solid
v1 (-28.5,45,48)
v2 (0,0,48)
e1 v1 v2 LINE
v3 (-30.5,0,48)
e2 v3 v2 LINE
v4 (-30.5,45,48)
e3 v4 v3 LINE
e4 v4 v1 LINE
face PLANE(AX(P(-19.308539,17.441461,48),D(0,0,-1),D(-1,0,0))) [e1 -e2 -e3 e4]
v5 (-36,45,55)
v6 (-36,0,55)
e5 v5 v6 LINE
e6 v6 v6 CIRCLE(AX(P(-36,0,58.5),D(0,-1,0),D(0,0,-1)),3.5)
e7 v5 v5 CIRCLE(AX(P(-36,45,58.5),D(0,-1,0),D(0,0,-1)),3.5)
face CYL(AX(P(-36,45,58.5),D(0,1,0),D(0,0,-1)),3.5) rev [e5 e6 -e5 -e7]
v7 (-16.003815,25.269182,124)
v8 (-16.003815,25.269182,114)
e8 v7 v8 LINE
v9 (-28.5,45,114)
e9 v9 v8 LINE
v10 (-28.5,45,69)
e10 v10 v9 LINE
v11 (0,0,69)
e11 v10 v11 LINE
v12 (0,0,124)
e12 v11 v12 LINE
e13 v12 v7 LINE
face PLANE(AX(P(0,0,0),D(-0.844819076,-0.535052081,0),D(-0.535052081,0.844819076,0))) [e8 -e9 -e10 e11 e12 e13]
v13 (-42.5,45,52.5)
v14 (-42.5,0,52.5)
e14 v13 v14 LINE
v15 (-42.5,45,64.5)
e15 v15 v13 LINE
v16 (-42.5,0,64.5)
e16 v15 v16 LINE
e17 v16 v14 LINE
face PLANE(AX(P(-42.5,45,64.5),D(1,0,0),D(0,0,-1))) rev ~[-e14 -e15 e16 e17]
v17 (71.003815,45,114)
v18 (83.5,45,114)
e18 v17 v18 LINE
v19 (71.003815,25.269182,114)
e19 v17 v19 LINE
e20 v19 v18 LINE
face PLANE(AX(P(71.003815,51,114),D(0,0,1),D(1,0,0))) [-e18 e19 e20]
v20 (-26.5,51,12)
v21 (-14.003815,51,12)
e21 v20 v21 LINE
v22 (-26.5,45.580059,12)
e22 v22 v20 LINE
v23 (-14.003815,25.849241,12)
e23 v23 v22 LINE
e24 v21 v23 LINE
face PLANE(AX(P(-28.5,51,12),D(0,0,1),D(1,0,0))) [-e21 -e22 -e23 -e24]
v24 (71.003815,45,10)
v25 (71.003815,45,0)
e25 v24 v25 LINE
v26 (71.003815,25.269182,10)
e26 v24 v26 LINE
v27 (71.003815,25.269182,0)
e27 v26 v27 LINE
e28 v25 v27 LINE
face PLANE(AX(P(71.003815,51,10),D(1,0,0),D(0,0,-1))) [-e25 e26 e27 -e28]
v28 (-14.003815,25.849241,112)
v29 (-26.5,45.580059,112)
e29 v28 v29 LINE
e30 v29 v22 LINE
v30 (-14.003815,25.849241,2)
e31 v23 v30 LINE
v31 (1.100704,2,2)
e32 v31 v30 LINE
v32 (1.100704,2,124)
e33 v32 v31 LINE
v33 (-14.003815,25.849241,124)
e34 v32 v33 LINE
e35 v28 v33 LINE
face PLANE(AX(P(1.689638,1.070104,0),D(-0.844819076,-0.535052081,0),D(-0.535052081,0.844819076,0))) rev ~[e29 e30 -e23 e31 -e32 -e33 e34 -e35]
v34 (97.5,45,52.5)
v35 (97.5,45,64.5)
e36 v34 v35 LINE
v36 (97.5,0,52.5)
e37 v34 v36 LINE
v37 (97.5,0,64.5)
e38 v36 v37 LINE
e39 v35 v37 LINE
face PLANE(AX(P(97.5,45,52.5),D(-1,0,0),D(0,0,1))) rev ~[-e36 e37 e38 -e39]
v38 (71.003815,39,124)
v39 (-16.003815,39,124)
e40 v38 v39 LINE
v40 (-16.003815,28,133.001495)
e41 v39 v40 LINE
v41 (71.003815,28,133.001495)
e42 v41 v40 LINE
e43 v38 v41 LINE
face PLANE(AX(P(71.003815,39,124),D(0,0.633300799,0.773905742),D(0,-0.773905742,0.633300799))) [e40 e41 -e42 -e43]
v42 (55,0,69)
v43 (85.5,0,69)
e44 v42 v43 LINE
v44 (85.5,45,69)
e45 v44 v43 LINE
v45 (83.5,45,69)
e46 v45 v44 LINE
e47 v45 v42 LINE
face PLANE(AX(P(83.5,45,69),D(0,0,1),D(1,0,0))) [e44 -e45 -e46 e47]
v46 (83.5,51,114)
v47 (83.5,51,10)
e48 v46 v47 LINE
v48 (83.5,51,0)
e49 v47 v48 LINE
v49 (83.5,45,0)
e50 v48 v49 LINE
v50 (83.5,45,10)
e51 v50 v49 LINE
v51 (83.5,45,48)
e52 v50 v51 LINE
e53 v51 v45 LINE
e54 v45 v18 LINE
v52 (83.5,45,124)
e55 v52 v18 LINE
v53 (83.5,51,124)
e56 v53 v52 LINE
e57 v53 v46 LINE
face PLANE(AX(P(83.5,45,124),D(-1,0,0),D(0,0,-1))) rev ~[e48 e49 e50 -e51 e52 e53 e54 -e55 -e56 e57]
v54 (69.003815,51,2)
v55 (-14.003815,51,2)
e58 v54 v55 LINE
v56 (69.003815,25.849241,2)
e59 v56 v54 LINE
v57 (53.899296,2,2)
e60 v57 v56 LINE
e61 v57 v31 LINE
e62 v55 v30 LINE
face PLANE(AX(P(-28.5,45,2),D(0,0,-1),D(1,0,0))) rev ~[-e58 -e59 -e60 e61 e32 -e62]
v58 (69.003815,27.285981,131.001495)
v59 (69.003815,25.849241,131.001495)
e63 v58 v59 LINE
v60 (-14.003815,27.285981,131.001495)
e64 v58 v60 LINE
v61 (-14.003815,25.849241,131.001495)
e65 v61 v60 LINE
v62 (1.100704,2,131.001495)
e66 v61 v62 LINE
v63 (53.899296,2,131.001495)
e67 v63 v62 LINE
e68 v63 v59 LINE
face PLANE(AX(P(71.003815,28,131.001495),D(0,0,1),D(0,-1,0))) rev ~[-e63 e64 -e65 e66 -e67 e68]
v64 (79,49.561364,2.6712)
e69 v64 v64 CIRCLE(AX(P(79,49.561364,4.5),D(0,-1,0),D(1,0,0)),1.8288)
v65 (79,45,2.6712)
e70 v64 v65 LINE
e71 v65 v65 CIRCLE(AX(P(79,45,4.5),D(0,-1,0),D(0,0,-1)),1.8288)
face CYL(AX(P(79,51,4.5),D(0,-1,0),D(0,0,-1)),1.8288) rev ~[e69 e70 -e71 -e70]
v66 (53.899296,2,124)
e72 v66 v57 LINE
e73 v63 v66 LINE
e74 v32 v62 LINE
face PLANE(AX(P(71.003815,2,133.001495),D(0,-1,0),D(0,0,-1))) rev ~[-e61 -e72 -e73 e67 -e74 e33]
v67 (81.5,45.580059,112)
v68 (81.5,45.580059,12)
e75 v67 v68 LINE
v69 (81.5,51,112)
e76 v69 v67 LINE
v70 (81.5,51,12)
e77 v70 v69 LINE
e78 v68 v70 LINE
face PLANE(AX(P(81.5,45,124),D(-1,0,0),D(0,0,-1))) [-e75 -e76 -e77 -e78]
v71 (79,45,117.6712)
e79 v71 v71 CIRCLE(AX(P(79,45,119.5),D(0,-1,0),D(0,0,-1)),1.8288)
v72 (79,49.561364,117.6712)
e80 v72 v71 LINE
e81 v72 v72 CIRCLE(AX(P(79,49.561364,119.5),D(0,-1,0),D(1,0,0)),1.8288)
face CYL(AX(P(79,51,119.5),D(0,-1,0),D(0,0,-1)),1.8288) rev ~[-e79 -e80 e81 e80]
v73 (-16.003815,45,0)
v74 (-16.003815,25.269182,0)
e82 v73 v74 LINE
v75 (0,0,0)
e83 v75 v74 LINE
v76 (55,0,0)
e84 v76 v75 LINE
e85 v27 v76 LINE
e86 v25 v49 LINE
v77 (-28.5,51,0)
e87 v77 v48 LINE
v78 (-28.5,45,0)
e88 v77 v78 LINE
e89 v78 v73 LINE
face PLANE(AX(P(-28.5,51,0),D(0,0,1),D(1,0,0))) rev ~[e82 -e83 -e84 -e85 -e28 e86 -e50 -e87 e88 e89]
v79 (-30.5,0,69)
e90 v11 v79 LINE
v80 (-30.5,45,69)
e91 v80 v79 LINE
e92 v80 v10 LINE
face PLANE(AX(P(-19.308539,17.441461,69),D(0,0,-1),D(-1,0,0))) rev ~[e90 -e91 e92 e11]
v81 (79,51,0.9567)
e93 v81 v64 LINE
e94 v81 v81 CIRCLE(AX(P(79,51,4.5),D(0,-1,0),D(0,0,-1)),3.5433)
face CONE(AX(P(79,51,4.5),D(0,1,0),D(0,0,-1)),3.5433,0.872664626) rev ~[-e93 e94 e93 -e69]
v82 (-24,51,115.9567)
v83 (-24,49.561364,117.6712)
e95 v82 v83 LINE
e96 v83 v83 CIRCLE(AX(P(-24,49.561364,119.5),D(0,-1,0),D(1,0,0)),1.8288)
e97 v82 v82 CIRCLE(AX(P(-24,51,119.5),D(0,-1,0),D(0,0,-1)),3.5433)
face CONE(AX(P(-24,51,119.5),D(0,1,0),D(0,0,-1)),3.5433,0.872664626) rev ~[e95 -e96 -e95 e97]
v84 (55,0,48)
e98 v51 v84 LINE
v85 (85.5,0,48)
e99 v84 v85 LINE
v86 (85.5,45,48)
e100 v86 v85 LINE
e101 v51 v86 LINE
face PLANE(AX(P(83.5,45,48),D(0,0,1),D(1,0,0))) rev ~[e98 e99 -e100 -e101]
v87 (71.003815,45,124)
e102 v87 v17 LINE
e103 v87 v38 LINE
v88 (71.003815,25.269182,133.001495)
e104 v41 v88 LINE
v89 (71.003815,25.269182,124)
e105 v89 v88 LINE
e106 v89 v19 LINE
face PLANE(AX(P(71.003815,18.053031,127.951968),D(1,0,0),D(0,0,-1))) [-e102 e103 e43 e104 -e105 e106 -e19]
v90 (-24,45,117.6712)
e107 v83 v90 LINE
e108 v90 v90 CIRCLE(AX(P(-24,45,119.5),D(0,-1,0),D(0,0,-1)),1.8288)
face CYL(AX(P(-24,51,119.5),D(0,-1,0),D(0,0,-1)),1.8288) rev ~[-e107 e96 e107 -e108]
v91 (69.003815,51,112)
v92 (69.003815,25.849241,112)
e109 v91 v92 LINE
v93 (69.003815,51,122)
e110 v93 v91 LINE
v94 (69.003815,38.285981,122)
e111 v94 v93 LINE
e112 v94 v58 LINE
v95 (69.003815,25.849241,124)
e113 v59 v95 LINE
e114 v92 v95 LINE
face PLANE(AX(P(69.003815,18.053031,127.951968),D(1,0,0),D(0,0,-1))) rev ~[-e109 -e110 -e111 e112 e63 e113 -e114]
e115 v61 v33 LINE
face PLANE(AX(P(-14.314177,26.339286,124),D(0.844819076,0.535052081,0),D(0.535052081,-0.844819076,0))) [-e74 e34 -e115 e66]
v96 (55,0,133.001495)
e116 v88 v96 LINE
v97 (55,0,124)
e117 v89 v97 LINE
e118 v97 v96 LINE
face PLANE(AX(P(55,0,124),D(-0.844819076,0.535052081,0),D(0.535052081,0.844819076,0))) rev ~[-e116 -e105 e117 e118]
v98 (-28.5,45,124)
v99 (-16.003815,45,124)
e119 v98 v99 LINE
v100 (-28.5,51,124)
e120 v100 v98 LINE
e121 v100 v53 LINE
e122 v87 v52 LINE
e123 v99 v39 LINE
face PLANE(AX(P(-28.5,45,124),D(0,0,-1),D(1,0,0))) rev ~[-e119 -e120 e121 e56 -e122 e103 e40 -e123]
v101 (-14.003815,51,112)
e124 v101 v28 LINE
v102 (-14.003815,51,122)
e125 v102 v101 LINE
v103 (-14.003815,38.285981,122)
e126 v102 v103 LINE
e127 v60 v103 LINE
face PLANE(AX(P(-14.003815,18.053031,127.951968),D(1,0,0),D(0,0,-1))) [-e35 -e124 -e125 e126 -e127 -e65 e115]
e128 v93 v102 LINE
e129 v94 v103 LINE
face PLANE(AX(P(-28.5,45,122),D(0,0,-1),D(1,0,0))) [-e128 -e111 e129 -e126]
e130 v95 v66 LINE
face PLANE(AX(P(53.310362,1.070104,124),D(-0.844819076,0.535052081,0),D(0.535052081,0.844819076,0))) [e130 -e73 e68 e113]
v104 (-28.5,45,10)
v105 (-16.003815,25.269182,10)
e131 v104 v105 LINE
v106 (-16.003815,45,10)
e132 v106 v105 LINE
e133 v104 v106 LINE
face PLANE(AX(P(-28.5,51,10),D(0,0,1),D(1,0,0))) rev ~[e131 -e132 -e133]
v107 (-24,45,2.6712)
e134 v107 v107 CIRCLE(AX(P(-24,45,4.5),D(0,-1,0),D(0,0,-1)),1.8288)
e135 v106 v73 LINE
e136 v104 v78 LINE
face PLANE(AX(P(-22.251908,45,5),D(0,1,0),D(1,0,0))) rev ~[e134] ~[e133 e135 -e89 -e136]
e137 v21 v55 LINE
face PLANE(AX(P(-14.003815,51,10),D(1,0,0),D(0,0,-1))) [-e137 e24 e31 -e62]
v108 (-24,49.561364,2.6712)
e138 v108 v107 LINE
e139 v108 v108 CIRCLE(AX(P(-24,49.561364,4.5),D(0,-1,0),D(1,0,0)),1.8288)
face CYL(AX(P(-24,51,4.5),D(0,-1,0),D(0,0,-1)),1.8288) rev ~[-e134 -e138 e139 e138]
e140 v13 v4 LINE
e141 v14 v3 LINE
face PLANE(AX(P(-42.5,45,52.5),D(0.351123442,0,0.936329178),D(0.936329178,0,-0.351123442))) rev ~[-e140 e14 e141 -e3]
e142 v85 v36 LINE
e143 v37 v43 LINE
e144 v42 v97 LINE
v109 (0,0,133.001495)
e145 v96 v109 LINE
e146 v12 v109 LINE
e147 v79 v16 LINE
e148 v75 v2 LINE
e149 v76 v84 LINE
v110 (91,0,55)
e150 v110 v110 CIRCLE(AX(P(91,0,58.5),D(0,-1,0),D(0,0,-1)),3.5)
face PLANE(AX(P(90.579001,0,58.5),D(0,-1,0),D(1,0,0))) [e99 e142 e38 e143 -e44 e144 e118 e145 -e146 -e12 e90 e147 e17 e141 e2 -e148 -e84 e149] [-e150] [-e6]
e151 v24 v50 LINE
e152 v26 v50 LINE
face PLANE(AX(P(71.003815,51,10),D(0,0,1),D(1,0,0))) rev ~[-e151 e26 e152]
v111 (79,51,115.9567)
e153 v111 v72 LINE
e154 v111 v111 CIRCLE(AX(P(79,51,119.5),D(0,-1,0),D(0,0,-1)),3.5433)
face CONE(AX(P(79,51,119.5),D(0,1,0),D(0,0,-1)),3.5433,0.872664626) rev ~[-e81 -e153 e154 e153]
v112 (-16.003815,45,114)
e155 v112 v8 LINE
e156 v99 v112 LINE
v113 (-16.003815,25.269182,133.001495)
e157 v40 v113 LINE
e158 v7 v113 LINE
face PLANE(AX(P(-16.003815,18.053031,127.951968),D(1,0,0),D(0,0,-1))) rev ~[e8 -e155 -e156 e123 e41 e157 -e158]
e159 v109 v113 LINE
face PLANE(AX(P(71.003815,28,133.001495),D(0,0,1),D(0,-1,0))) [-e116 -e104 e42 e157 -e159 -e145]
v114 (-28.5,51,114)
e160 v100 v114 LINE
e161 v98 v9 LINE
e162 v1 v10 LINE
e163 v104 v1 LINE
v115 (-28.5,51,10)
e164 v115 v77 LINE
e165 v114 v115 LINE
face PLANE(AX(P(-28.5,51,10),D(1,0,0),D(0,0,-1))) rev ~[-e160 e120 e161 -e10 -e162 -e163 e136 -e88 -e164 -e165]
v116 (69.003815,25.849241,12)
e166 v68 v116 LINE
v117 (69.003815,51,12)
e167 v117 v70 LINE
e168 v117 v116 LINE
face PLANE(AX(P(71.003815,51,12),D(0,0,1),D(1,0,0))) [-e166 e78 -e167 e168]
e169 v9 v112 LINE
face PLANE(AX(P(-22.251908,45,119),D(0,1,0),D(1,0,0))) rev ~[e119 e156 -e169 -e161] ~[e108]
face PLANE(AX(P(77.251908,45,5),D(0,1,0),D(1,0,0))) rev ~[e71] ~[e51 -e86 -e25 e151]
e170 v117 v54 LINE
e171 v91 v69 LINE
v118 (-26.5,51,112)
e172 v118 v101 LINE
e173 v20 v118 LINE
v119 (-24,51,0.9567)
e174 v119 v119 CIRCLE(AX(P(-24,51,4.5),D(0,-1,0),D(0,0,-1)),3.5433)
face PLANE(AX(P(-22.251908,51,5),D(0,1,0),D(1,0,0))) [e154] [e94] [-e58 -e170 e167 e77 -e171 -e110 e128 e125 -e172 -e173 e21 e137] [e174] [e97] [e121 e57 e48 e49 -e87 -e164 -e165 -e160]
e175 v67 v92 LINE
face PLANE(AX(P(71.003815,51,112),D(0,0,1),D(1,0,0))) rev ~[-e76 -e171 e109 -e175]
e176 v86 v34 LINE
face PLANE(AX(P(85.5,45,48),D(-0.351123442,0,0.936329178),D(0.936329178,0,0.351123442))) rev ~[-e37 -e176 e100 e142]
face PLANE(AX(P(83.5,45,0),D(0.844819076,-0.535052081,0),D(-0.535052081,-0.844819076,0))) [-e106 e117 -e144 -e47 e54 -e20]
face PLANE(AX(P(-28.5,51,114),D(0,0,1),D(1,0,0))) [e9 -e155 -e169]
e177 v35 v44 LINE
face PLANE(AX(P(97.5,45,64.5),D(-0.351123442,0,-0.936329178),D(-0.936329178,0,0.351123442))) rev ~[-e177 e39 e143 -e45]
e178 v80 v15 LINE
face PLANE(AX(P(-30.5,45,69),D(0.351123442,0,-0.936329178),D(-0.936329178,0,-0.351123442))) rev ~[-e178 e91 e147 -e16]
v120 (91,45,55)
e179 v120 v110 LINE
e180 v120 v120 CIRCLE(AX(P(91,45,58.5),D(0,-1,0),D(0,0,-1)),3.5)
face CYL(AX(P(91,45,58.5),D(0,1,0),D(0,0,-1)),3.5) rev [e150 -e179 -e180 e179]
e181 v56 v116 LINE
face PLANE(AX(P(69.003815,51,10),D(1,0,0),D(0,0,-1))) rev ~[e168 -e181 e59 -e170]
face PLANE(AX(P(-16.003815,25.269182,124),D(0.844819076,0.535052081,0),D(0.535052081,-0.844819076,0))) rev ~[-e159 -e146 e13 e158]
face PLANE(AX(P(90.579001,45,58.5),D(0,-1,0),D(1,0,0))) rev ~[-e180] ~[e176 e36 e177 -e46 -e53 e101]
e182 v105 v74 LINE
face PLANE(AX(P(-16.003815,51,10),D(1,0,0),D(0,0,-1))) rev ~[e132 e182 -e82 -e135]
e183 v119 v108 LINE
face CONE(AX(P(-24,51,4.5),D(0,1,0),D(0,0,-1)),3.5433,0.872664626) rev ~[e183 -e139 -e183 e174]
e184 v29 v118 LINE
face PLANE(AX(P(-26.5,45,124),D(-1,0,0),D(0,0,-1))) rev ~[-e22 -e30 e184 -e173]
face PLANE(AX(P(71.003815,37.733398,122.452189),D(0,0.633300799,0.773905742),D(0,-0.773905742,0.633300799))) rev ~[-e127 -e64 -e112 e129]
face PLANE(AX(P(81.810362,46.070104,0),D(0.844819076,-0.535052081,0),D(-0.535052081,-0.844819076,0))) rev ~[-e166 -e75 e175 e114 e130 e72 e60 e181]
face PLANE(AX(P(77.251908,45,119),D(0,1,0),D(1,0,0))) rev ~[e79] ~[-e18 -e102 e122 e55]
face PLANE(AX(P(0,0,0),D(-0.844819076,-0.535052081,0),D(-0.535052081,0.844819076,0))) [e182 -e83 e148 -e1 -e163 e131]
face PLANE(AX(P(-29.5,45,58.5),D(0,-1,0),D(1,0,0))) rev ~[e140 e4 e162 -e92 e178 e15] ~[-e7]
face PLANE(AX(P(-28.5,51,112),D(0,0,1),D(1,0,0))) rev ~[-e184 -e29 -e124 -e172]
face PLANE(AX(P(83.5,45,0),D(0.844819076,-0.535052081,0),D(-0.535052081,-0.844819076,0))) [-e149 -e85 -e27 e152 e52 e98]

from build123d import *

# Parameters (mm, degrees)
MAIN_BODY_DEPTH                                   = 124
SKETCH38_W                                        = 112
SKETCH38_H                                        = 124
BOSS_EXTRUDE2_DEPTH                               = 6
SCREW_CUT_REACH                                   = 159.953
SKETCH22_W                                        = 12.496184963
SKETCH22_H                                        = 10
BOX_START                                         = -71.003815
BOX_EXTENSION_DEPTH                               = 87.00763
CUT_EXTRUDE1_DEPTH                                = 158.953315888
INNER_SHELL_T                                     = -2
ANGLE_SUPPORTS_DEPTH                              = 21
SCREW_START                                       = -45
SKETCH9_R                                         = 3.5
SKETCH9_W                                         = 2
SKETCH9_H                                         = 21
SCREW_SUPPORT_DEPTH                               = 45
SKETCH14_W                                        = 12.496184963
SKETCH14_H                                        = 10
BOX_SCREW_SUPPORT_DEPTH                           = 6
CSK_FOR_6_FLAT_HEAD_MACHINE_SCREW_100_D           = 3.6576
CSK_FOR_6_FLAT_HEAD_MACHINE_SCREW_100_CSINK_D     = 7.0866
CSK_FOR_6_FLAT_HEAD_MACHINE_SCREW_100_CSINK_ANGLE = 100
LPATTERN1_COUNT                                   = 2
LPATTERN1_PITCH                                   = 103
LPATTERN1_COUNT_DIR2                              = 2
LPATTERN1_PITCH_DIR2                              = 115


with BuildPart() as part:
    # Front face → Main Body (new body)
    with BuildSketch(Plane.XY):
        Polygon((-28.5, 45), (83.5, 45), (55, 0), (0, 0), align=None)
    extrude(amount=MAIN_BODY_DEPTH)

    # Sketch38 → Boss-Extrude2 (add)
    with BuildSketch(Plane(origin=(0, 45, 0), x_dir=(1, 0, 0), z_dir=(0, 1, 0))):
        with Locations((27.5, -62)):
            Rectangle(SKETCH38_W, SKETCH38_H)
    extrude(amount=BOSS_EXTRUDE2_DEPTH)

    # Sketch22 → Screw Cut (cut, up to next)
    with BuildSketch(Plane(origin=(0, 51, 0), x_dir=(1, 0, 0), z_dir=(0, 1, 0)), mode=Mode.PRIVATE) as screw_cut_sk1:
        with Locations((-22.251907519, -5)):
            Rectangle(SKETCH22_W, SKETCH22_H)
    screw_cut_tool1 = extrude(screw_cut_sk1.sketch, amount=-SCREW_CUT_REACH, mode=Mode.PRIVATE) & part.part
    # Sketch22 → Screw Cut (cut, up to next)
    with BuildSketch(Plane(origin=(0, 51, 0), x_dir=(1, 0, 0), z_dir=(0, 1, 0)), mode=Mode.PRIVATE) as screw_cut_sk2:
        with Locations((77.251907519, -5)):
            Rectangle(SKETCH22_W, SKETCH22_H)
    screw_cut_tool2 = extrude(screw_cut_sk2.sketch, amount=-SCREW_CUT_REACH, mode=Mode.PRIVATE) & part.part
    # Sketch22 → Screw Cut (cut, up to next)
    with BuildSketch(Plane(origin=(0, 51, 0), x_dir=(1, 0, 0), z_dir=(0, 1, 0)), mode=Mode.PRIVATE) as screw_cut_sk3:
        with Locations((77.251907519, -119)):
            Rectangle(SKETCH22_W, SKETCH22_H)
    screw_cut_tool3 = extrude(screw_cut_sk3.sketch, amount=-SCREW_CUT_REACH, mode=Mode.PRIVATE) & part.part
    # Sketch22 → Screw Cut (cut, up to next)
    with BuildSketch(Plane(origin=(0, 51, 0), x_dir=(1, 0, 0), z_dir=(0, 1, 0)), mode=Mode.PRIVATE) as screw_cut_sk4:
        with Locations((-22.251907519, -119)):
            Rectangle(SKETCH22_W, SKETCH22_H)
    screw_cut_tool4 = extrude(screw_cut_sk4.sketch, amount=-SCREW_CUT_REACH, mode=Mode.PRIVATE) & part.part
    add(screw_cut_tool1.solids().sort_by_distance((-22.251908, 51, 5))[0], mode=Mode.SUBTRACT)
    add(screw_cut_tool2.solids().sort_by_distance((77.251908, 51, 5))[0], mode=Mode.SUBTRACT)
    add(screw_cut_tool3.solids().sort_by_distance((77.251908, 51, 119))[0], mode=Mode.SUBTRACT)
    add(screw_cut_tool4.solids().sort_by_distance((-22.251908, 51, 119))[0], mode=Mode.SUBTRACT)

    # Sketch23 → Box Extension (add)
    with BuildSketch(Plane.ZY.offset(BOX_START)):
        Polygon((124, 0), (124, 39), (133.001495165, 28), (133.001495165, 0), align=None)
    extrude(amount=BOX_EXTENSION_DEPTH)

    # Sketch28 → Cut-Extrude1 (cut, through all)
    with BuildSketch(Plane(origin=(0, 0, 124), x_dir=(-1, 0, 0), z_dir=(0, 0, -1))):
        Polygon((-71.003815037, 0), (-55, 0), (-71.003815037, 25.269181637), align=None)
        Polygon((0, 0), (16.003815037, 0), (16.003815037, 25.269181637), align=None)
    extrude(amount=-CUT_EXTRUDE1_DEPTH, mode=Mode.SUBTRACT)

    # Inner Shell
    inner_shell_openings = [part.faces().sort_by_distance(p)[0] for p in [
        (27.5, 51, 62),
    ]]
    offset(amount=INNER_SHELL_T, openings=inner_shell_openings, kind=Kind.INTERSECTION)

    # Support → Angle supports (add)
    with BuildSketch(Plane(origin=(0, 0, 48), x_dir=(-1, 0, 0), z_dir=(0, 0, -1))):
        Polygon((0, 0), (28.5, 0), (28.5, 45), align=None)
        Polygon((-83.5, 45), (-55, 0), (-83.5, 0), align=None)
    extrude(amount=-ANGLE_SUPPORTS_DEPTH)

    # Sketch9 → Screw Support (add)
    # profile 1 of 4: a face of its own
    with BuildSketch(Plane.XZ.offset(SCREW_START)):
        Polygon((97.5, 64.5), (85.5, 69), (85.5, 48), (97.5, 52.5), align=None)
        with Locations(Location((91, 58.5, 0), (0, 0, 270))):
            Circle(SKETCH9_R, mode=Mode.SUBTRACT)
    # profile 2 of 4: a face of its own
    with BuildSketch(Plane.XZ.offset(SCREW_START)):
        with Locations((84.5, 58.5)):
            Rectangle(SKETCH9_W, SKETCH9_H)
    # profile 3 of 4: a face of its own
    with BuildSketch(Plane.XZ.offset(SCREW_START)):
        Polygon((-42.5, 52.5), (-30.5, 48), (-30.5, 69), (-42.5, 64.5), align=None)
        with Locations(Location((-36, 58.5, 0), (0, 0, 270))):
            Circle(SKETCH9_R, mode=Mode.SUBTRACT)
    # profile 4 of 4: a face of its own
    with BuildSketch(Plane.XZ.offset(SCREW_START)):
        with Locations((-29.5, 58.5)):
            Rectangle(SKETCH9_W, SKETCH9_H)
    extrude(amount=SCREW_SUPPORT_DEPTH)

    # Sketch14 → Box Screw support (add)
    with BuildSketch(Plane(origin=(0, 51, 0), x_dir=(1, 0, 0), z_dir=(0, 1, 0))):
        with Locations((-22.251907519, -5)):
            Rectangle(SKETCH14_W, SKETCH14_H)
        with Locations((77.251907519, -5)):
            Rectangle(SKETCH14_W, SKETCH14_H)
        with Locations((77.251907519, -119)):
            Rectangle(SKETCH14_W, SKETCH14_H)
        with Locations((-22.251907519, -119)):
            Rectangle(SKETCH14_W, SKETCH14_H)
    extrude(amount=-BOX_SCREW_SUPPORT_DEPTH)

    # CSK for #6 Flat Head Machine Screw (100)3 (through all)
    with Locations(Plane(origin=(-24, 51, 119.5), x_dir=(0, 0, 1), z_dir=(0, 1, 0))):
        with Locations((0, 0)):
            csk_for_6_flat_head_machine_screw_100 = CounterSinkHole(CSK_FOR_6_FLAT_HEAD_MACHINE_SCREW_100_D / 2, CSK_FOR_6_FLAT_HEAD_MACHINE_SCREW_100_CSINK_D / 2, counter_sink_angle=CSK_FOR_6_FLAT_HEAD_MACHINE_SCREW_100_CSINK_ANGLE)

    # LPattern1: CSK for _6 Flat Head Machine Screw _100 2 × 2
    with Locations(*[(i * LPATTERN1_PITCH, 0, -j * LPATTERN1_PITCH_DIR2) for i in range(LPATTERN1_COUNT) for j in range(LPATTERN1_COUNT_DIR2) if (i, j) != (0, 0)]):
        add(csk_for_6_flat_head_machine_screw_100, mode=Mode.SUBTRACT)


solid = part.part
